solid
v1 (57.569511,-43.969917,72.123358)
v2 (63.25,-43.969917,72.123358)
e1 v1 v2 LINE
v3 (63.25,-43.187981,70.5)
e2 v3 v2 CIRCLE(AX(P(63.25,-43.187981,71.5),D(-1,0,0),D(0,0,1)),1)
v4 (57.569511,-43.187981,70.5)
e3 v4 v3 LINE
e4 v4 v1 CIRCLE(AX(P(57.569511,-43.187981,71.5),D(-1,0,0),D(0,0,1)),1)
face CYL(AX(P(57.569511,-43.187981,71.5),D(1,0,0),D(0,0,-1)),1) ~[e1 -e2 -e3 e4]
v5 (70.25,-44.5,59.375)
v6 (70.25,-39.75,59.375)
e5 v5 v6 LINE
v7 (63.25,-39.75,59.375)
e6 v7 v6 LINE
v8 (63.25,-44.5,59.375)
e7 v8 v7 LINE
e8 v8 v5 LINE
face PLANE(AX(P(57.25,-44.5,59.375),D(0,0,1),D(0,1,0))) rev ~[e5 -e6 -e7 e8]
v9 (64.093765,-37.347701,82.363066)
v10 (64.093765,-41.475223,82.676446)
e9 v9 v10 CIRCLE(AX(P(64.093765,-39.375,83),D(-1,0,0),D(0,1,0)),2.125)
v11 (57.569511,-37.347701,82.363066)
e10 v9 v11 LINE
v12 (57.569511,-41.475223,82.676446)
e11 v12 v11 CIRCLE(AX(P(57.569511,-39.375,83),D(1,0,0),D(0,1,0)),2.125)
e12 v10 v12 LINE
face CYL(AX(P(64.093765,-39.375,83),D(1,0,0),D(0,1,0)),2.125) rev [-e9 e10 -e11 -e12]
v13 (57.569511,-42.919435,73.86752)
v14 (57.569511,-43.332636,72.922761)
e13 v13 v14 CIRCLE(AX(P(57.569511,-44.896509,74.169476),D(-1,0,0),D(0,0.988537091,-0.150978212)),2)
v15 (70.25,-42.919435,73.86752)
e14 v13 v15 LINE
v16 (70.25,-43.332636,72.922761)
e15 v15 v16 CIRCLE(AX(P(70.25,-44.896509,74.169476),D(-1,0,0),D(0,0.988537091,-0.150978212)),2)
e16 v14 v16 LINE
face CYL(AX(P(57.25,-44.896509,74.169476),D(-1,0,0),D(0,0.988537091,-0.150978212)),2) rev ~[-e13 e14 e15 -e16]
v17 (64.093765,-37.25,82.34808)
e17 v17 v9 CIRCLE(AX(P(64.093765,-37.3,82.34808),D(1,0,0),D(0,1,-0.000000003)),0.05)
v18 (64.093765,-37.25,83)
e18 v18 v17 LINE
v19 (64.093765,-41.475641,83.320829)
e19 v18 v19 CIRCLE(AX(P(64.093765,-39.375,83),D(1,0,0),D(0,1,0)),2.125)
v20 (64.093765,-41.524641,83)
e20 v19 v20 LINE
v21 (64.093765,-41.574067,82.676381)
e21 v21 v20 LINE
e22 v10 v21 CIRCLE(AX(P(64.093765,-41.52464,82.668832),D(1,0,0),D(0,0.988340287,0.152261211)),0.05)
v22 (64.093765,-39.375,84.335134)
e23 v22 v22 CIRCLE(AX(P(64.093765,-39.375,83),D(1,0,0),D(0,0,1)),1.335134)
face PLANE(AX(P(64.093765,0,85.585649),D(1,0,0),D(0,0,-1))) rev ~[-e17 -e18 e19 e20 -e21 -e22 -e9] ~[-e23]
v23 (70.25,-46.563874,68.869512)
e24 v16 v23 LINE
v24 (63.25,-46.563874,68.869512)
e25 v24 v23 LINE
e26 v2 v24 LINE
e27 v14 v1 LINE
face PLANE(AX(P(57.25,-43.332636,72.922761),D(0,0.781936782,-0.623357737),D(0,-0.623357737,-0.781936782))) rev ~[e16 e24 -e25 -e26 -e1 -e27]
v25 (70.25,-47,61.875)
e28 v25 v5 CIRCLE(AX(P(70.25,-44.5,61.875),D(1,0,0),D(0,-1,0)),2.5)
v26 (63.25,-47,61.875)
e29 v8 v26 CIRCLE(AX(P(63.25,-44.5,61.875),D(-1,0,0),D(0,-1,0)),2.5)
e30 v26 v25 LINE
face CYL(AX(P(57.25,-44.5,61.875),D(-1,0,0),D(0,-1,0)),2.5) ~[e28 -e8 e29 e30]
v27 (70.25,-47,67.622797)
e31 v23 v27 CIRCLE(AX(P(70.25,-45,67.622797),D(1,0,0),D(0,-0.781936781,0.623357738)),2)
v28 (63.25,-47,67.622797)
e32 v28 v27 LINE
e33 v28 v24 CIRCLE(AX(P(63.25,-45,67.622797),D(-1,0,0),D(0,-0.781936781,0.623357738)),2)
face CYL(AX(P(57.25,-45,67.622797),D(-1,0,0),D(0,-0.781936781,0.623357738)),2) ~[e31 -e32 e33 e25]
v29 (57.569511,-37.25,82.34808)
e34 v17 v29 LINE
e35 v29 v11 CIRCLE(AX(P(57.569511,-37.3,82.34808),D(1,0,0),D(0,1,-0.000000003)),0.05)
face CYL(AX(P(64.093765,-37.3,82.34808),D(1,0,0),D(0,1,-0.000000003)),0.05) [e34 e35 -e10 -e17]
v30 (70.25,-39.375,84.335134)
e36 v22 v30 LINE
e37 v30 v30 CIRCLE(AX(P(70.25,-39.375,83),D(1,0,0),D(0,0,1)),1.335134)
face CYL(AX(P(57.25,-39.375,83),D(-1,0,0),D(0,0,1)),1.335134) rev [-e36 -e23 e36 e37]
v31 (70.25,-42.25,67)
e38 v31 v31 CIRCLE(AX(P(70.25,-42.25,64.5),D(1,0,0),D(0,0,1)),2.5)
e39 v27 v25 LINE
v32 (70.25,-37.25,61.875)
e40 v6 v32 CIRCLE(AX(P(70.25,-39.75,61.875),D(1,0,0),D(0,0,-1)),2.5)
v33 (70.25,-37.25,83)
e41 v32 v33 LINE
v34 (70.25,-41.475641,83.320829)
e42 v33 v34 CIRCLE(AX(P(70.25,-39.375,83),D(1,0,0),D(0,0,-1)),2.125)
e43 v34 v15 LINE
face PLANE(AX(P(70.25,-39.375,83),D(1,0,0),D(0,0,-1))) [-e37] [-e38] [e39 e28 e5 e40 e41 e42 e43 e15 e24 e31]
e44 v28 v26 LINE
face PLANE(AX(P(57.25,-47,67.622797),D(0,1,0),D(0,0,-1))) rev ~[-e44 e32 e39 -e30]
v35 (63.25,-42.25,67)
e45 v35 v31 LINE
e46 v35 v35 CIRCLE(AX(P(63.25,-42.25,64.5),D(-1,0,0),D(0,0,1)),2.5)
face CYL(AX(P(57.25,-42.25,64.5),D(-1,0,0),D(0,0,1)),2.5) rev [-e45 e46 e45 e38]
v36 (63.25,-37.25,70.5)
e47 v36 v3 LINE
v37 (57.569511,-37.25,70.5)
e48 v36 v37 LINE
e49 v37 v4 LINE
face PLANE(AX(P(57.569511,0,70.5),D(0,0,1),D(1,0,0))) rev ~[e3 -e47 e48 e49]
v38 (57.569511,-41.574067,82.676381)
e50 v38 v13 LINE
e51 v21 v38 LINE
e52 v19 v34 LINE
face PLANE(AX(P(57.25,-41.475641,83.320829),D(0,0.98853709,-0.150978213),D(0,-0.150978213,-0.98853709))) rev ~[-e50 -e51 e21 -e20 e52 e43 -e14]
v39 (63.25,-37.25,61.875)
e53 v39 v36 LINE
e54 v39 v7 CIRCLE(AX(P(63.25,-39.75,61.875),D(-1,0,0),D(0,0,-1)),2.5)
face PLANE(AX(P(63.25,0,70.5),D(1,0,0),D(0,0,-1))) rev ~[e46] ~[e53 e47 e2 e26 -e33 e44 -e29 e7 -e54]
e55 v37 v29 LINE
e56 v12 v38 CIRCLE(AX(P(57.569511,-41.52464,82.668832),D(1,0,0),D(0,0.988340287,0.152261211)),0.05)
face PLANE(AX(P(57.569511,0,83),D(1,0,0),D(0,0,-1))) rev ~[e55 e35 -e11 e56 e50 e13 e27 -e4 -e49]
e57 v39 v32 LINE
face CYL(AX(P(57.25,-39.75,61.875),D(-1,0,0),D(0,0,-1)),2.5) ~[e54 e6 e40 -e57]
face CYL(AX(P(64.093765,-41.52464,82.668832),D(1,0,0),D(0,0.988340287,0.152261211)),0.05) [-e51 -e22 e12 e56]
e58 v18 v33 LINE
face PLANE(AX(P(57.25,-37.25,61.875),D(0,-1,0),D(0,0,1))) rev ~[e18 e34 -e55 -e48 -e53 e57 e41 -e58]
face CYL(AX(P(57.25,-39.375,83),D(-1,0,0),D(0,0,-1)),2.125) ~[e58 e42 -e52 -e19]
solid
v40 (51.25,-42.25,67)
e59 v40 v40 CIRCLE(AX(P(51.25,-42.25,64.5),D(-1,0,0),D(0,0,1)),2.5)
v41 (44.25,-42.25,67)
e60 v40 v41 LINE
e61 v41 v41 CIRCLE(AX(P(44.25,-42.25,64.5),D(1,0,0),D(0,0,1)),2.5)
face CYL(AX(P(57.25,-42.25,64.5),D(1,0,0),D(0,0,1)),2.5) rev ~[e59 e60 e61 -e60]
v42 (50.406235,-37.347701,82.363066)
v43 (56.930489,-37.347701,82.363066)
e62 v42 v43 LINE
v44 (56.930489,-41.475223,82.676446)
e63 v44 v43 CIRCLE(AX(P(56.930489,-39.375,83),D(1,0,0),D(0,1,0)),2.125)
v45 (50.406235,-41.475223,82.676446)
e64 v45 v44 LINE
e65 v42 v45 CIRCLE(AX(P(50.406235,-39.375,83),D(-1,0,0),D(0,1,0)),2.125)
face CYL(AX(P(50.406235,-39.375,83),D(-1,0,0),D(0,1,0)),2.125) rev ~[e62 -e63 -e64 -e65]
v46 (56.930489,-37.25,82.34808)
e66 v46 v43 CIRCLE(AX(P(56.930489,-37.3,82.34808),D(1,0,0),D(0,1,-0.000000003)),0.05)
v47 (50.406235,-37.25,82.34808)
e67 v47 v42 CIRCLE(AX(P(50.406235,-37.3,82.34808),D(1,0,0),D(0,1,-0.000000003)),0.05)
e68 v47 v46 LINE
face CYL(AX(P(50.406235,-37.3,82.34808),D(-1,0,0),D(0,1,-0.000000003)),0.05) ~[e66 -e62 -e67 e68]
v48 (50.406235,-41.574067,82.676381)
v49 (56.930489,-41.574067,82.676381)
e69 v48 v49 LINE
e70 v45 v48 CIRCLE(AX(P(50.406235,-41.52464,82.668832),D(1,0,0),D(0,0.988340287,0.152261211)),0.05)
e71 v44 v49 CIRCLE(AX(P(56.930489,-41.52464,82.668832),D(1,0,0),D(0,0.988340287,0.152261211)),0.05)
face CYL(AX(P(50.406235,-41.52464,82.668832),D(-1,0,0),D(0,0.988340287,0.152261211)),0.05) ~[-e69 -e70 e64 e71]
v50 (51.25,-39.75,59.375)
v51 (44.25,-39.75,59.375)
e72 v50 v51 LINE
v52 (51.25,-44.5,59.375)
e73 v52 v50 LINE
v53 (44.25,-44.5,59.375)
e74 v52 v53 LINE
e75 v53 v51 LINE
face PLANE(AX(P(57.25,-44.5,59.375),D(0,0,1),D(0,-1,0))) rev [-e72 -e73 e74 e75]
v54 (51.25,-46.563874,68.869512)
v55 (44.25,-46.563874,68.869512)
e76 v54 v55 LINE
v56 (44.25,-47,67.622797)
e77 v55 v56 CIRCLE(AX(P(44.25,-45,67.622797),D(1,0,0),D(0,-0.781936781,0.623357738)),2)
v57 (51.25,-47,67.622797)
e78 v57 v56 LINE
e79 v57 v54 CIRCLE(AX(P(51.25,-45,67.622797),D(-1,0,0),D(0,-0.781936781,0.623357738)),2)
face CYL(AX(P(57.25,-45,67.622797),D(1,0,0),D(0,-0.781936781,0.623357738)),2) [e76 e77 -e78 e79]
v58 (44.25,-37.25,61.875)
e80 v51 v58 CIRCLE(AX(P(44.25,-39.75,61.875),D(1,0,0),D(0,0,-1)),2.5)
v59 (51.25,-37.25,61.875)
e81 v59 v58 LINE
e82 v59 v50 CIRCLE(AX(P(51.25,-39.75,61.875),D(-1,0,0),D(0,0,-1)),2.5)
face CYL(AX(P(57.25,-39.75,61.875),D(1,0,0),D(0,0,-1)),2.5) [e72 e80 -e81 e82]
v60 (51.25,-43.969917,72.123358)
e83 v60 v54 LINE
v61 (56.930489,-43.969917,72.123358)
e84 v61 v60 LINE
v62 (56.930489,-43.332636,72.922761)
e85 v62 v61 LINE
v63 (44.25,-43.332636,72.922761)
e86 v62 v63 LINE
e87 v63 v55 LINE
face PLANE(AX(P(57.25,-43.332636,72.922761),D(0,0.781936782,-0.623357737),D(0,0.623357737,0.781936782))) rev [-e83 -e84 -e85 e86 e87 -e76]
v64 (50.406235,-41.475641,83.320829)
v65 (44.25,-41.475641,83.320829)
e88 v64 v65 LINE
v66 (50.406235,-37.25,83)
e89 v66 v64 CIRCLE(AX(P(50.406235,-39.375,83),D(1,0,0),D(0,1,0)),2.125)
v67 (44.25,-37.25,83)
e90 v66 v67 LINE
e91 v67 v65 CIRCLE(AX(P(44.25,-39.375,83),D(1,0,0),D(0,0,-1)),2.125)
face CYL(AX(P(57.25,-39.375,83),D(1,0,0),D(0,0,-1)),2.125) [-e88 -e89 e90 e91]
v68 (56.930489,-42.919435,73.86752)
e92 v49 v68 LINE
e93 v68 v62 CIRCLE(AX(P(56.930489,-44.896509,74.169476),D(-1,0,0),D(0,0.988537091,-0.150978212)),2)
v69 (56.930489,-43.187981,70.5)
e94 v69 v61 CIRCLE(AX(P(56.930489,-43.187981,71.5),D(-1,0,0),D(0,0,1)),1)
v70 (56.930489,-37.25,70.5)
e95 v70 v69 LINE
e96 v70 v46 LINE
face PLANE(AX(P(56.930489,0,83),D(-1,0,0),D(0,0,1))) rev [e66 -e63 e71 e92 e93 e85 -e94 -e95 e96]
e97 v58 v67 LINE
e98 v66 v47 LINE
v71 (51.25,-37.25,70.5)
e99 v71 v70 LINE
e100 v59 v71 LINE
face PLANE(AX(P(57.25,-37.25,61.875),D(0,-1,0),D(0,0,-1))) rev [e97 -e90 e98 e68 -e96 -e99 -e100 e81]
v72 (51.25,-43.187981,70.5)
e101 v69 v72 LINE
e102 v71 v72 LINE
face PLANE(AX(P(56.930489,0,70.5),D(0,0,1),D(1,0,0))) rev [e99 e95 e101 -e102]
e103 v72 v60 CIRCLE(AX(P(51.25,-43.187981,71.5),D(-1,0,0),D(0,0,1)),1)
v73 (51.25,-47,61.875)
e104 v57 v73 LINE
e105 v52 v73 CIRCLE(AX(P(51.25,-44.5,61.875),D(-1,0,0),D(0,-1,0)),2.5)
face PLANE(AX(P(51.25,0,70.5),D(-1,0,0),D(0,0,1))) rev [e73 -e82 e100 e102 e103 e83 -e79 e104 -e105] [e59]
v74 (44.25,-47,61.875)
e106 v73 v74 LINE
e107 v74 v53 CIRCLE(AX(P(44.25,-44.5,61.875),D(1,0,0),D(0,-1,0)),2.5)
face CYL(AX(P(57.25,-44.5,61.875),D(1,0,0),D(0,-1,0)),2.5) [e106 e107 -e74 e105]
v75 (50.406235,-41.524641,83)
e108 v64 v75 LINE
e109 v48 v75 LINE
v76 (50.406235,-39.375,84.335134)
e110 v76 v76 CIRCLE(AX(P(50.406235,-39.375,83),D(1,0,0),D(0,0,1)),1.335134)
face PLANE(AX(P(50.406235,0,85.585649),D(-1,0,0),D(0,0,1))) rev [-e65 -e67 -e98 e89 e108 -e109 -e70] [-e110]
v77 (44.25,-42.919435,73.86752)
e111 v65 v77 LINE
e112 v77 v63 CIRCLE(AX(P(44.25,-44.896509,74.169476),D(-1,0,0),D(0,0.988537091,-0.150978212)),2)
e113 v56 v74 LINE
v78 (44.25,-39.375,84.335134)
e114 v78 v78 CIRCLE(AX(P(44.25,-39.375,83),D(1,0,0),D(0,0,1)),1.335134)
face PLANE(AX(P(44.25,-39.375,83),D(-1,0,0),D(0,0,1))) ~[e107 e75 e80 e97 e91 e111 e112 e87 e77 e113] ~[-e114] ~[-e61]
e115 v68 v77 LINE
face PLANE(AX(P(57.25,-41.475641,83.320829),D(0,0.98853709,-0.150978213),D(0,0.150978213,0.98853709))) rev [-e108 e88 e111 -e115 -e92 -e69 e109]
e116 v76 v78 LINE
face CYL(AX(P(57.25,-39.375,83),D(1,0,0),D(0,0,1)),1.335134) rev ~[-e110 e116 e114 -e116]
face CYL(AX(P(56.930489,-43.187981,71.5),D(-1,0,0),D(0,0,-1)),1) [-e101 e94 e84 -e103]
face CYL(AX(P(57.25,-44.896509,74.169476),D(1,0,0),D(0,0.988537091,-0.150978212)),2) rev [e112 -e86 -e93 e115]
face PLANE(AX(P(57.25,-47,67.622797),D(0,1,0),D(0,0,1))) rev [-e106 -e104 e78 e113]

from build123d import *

# Parameters (mm, degrees)
SKETCH_1_R          = 2.5
SKETCH_1_R_2        = 2.125
SKETCH_1_R_3        = 1.335133797
EXTRUDE_1_DEPTH     = 13
SKETCH_2_W          = 6.524253829
SKETCH_2_H          = 2.585648983
CUT_EXTRUDE_2_DEPTH = 120.959693752
CUT_EXTRUDE_3_DEPTH = 98.45681871
CUT_EXTRUDE_4_DEPTH = 98.45681871
FILLET_1_R          = 1


with BuildPart() as part:
    # 草图1 → 凸台-拉伸1 (new body)
    # profile 1 of 2: a face of its own
    with BuildSketch(Plane(origin=(57.25, 0, 0), x_dir=(0, 0, -1), z_dir=(1, 0, 0))):
        with BuildLine():
            Line((-61.875, -37.25), (-68.322437436, -37.25))
            Line((-68.322437436, -37.25), (-83, -37.25))
            ThreePointArc((-83, -37.25), (-81.49739809, -37.87239809), (-80.875, -39.375))
            ThreePointArc((-80.875, -39.375), (-81.615466865, -40.987046214), (-83.320828703, -41.475641317))
            Line((-83.320828703, -41.475641317), (-73.867519615, -42.91943511))
            ThreePointArc((-73.867519615, -42.91943511), (-73.3680524, -43.064100999), (-72.922760566, -43.332635727))
            Line((-72.922760566, -43.332635727), (-68.869512223, -46.563873564))
            ThreePointArc((-68.869512223, -46.563873564), (-68.283195443, -46.88782244), (-67.622796748, -47))
            Line((-67.622796748, -47), (-61.875, -47))
            ThreePointArc((-61.875, -47), (-60.107233047, -46.267766953), (-59.375, -44.5))
            Line((-59.375, -44.5), (-59.375, -39.75))
            ThreePointArc((-59.375, -39.75), (-60.107233047, -37.982233047), (-61.875, -37.25))
        make_face()
        with Locations(Location((-64.5, -42.25, 0), (0, 0, 180))):
            Circle(SKETCH_1_R, mode=Mode.SUBTRACT)
    # profile 2 of 2: a face of its own
    with BuildSketch(Plane(origin=(57.25, 0, 0), x_dir=(0, 0, -1), z_dir=(1, 0, 0))):
        with Locations((-83, -39.375)):
            Circle(SKETCH_1_R_2)
        with Locations(Location((-83, -39.375, 0), (0, 0, 180))):
            Circle(SKETCH_1_R_3, mode=Mode.SUBTRACT)
    extrude(amount=EXTRUDE_1_DEPTH)

    # 草图2 → 切除-拉伸2 (cut, through all)
    with BuildSketch(Plane(origin=(0, 0, 0), x_dir=(1, 0, 0), z_dir=(0, 1, 0))):
        Polygon((57.569510981, -70.5), (63.25, -70.5), (63.25, -57.795794402), (56.681632837, -57.795794402), (56.681632837, -70.222083514), (57.569510981, -70.222083514), align=None)
        Polygon((57.569510981, -83), (57.569510981, -70.5), (56.681632837, -70.5), (56.681632837, -83), (57.25, -83), align=None)
        with Locations((60.831637896, -84.292824491)):
            Rectangle(SKETCH_2_W, SKETCH_2_H)
        Polygon((57.569510981, -85.585648983), (57.569510981, -83), (57.25, -83), (56.681632837, -83), (56.681632837, -85.585648983), align=None)
    extrude(amount=-CUT_EXTRUDE_2_DEPTH, mode=Mode.SUBTRACT)


with BuildPart() as cut_extrude_2_kept_piece:
    # of the separate pieces the step leaves, the one the design keeps (cut_extrude_2_pieces_kept)
    add(part.part.solids().sort_by_distance((63.25, -37.25, 61.875))[0])

    # 草图3 → 切除-拉伸3 (cut, through all)
    with BuildSketch(Plane.ZY.offset(-64.09376481)):
        with BuildLine():
            ThreePointArc((85.125, -39.375), (84.50260191, -37.87239809), (83, -37.25))
            Line((83, -37.25), (83, -38.039866203))
            ThreePointArc((83, -38.039866203), (84.335133797, -39.375), (83, -40.710133797))
            Line((83, -40.710133797), (83, -41.5))
            ThreePointArc((83, -41.5), (83.160876041, -41.493901579), (83.320828703, -41.475641317))
            ThreePointArc((83.320828703, -41.475641317), (84.612046214, -40.759533135), (85.125, -39.375))
        make_face()
        with BuildLine():
            Line((83, -38.039866203), (83, -37.25))
            ThreePointArc((83, -37.25), (80.875, -39.375), (83, -41.5))
            Line((83, -41.5), (83, -40.710133797))
            ThreePointArc((83, -40.710133797), (84.335133797, -39.375), (83, -38.039866203))
        make_face()
        with BuildLine():
            ThreePointArc((85.125, -39.375), (84.50260191, -37.87239809), (83, -37.25))
            Line((83, -37.25), (83, -38.039866203))
            ThreePointArc((83, -38.039866203), (84.335133797, -39.375), (83, -40.710133797))
            Line((83, -40.710133797), (83, -41.5))
            ThreePointArc((83, -41.5), (83.160876041, -41.493901579), (83.320828703, -41.475641317))
            ThreePointArc((83.320828703, -41.475641317), (84.612046214, -40.759533135), (85.125, -39.375))
        make_face()
    extrude(amount=CUT_EXTRUDE_3_DEPTH, mode=Mode.SUBTRACT)

    # 草图4 → 切除-拉伸4 (cut, through all)
    with BuildSketch(Plane.ZY.offset(-64.09376481)):
        with BuildLine():
            Line((83, -37.25), (82.348079759, -37.25))
            ThreePointArc((82.348079759, -37.25), (82.397501705, -37.29241902), (82.363066432, -37.347701149))
            ThreePointArc((82.363066432, -37.347701149), (82.677808331, -37.2745673), (83, -37.25))
        make_face()
        with BuildLine():
            ThreePointArc((83, -41.5), (82.837749118, -41.493796746), (82.676445515, -41.475223201))
            ThreePointArc((82.676445515, -41.475223201), (82.718832444, -41.524672669), (82.676381359, -41.574067071))
            Line((82.676381359, -41.574067071), (83, -41.524641142))
            Line((83, -41.524641142), (83, -41.5))
        make_face()
    extrude(amount=CUT_EXTRUDE_4_DEPTH, mode=Mode.SUBTRACT)

    # 圆角1
    fillet_1_edges = [cut_extrude_2_kept_piece.edges().sort_by_distance(p)[0] for p in [
        (60.409755491, -45.264053432, 70.5),
    ]]
    fillet(fillet_1_edges, radius=FILLET_1_R)


with BuildPart() as body_2:
    # 镜向2: mirrored copy
    add(cut_extrude_2_kept_piece.part.mirror(Plane(origin=(57.25, 0, 0), x_dir=(0, 0, 1), z_dir=(1, 0, 0))))


with BuildPart() as body_2_2:
    # 镜向3: mirrored copy
    add(cut_extrude_2_kept_piece.part.mirror(Plane(origin=(57.25, 0, 0), x_dir=(0, 0, 1), z_dir=(1, 0, 0))))


solid = Compound([cut_extrude_2_kept_piece.part, body_2_2.part])
